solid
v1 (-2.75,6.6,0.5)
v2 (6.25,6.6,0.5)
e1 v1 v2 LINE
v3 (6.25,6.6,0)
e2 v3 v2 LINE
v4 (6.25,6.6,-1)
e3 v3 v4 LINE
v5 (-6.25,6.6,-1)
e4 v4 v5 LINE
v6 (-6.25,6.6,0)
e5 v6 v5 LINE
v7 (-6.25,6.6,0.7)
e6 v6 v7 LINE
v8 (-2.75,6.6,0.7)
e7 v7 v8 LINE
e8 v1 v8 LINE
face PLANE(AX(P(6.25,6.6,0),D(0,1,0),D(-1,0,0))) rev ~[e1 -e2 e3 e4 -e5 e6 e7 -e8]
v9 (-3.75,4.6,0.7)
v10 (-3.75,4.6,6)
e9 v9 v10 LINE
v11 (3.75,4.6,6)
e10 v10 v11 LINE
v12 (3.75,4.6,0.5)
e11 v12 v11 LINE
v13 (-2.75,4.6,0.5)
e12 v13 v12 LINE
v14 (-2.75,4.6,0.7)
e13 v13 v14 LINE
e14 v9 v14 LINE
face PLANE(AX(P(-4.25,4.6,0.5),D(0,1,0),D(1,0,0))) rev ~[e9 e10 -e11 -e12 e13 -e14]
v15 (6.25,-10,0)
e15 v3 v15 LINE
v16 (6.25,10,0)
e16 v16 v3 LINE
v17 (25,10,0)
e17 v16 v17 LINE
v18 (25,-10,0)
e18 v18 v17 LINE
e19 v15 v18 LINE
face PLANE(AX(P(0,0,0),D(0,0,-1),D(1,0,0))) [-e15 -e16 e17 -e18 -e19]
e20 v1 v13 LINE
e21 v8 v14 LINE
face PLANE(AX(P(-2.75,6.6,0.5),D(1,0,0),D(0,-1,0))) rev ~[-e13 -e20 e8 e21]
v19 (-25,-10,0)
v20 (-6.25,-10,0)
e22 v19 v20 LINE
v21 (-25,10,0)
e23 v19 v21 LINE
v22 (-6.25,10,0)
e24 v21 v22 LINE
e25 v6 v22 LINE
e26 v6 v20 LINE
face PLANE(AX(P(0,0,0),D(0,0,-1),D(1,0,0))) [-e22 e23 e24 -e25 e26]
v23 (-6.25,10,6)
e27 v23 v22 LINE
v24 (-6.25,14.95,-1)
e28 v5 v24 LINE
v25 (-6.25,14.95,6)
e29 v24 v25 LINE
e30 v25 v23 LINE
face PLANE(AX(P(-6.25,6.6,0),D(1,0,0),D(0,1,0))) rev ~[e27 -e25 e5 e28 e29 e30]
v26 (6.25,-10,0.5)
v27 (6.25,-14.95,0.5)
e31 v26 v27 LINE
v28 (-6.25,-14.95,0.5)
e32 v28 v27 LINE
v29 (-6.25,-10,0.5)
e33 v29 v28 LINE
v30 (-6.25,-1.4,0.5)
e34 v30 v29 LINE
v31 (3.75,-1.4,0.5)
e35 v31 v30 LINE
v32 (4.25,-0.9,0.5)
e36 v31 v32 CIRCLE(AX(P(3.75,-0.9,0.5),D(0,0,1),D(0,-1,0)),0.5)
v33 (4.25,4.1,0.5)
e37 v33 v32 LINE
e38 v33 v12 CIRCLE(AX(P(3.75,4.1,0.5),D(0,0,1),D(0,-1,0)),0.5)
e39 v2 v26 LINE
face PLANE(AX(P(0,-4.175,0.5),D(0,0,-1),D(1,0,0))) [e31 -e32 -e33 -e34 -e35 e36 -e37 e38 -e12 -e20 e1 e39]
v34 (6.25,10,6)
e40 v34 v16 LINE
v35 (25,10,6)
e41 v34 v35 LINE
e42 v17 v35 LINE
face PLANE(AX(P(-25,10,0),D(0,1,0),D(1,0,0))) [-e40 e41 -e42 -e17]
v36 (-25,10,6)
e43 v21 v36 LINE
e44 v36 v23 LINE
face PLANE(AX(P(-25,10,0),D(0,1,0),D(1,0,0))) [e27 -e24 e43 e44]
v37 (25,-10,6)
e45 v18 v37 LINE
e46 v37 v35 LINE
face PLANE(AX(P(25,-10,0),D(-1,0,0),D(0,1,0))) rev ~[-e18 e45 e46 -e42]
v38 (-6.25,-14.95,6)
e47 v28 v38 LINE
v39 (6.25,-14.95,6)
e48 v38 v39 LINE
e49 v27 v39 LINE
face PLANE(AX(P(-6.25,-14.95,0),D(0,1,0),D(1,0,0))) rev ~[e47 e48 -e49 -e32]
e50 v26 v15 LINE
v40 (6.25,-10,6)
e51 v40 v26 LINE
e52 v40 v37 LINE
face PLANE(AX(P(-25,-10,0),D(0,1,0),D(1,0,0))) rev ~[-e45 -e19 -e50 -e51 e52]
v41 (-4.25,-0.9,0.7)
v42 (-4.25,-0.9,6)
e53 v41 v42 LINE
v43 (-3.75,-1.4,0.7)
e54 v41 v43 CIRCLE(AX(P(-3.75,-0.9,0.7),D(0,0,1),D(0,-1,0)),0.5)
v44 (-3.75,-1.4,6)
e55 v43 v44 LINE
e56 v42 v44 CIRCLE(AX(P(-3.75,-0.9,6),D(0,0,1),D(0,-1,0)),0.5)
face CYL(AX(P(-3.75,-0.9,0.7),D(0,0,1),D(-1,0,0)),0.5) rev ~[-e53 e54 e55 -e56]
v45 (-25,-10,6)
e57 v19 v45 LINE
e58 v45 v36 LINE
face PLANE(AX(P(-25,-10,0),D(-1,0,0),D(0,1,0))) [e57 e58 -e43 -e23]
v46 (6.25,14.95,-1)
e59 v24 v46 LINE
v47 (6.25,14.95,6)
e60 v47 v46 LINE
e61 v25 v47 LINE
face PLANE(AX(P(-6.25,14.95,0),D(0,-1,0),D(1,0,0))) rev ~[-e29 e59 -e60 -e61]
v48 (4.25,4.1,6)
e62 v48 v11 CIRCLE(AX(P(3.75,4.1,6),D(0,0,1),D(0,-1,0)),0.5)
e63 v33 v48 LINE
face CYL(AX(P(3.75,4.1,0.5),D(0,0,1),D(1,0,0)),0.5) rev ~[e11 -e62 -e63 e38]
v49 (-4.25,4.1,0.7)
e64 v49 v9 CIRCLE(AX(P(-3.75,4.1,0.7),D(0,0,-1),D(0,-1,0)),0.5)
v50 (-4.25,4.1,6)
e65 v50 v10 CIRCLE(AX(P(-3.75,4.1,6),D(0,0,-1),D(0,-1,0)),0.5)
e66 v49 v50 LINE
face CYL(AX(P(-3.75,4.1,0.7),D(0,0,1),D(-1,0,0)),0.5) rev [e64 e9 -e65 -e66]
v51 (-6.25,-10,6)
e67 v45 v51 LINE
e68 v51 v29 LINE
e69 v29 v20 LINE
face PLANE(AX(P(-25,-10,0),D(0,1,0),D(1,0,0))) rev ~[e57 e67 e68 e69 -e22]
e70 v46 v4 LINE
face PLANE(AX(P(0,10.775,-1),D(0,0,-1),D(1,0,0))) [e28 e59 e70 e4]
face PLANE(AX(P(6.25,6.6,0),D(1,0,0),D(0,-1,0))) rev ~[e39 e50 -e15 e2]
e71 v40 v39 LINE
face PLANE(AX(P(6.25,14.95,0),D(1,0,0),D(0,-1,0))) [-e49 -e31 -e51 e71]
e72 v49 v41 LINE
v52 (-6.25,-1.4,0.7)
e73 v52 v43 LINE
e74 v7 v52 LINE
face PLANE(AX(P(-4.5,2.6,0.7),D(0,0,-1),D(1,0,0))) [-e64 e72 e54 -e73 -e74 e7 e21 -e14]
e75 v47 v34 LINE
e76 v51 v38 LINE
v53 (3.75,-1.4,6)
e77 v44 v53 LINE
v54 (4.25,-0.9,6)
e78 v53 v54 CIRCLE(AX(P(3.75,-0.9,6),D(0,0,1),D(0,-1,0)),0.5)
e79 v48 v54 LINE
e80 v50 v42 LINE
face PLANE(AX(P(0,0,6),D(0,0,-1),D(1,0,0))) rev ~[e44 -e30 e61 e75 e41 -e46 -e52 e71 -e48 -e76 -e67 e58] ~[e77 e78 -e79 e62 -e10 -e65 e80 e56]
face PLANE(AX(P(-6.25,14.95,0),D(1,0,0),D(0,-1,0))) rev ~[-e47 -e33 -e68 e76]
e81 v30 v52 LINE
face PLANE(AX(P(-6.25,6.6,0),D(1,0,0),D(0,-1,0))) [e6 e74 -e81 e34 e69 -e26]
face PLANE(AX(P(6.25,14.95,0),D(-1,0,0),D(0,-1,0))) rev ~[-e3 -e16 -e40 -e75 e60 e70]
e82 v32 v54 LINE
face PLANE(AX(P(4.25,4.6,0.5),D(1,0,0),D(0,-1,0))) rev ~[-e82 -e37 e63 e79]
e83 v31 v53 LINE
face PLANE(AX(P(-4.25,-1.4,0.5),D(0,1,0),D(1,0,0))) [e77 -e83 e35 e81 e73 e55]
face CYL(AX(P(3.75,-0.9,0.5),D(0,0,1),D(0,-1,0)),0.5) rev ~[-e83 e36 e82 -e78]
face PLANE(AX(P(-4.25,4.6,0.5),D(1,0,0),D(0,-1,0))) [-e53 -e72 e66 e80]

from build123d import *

# Parameters (mm, degrees)
F0_W      = 50
F0_H      = 20
F1_DEPTH  = 6
F2_W      = 12.5
F2_H      = 29.9
F3_DEPTH  = 6
F5_W      = 12.5
F5_H      = 21.55
F6_DEPTH  = 0.5
F8_W      = 3.5
F8_H      = 8
F9_DEPTH  = 0.2
F11_DEPTH = 1
F12_W     = 8.5
F12_H     = 6
F13_DEPTH = 25
F14_R     = 0.5


with BuildPart() as f1:
    # F0 (on Top) → F1 (new body)
    with BuildSketch(Plane.XY):
        Rectangle(F0_W, F0_H)
    extrude(amount=F1_DEPTH)

    # F2 (on face) → F3 (join)
    with BuildSketch(Plane(origin=(0, 0, 0), x_dir=(1, 0, 0), z_dir=(0, 0, -1))):
        Rectangle(F2_W, F2_H)
    extrude(amount=-F3_DEPTH)

    # F5 (on face) → F6 (cut)
    with BuildSketch(Plane(origin=(0, 0, 0), x_dir=(1, 0, 0), z_dir=(0, 0, -1))):
        with Locations((0, 4.175)):
            Rectangle(F5_W, F5_H)
    extrude(amount=-F6_DEPTH, mode=Mode.SUBTRACT)

    # F8 (on face) → F9 (cut)
    with BuildSketch(Plane(origin=(0, 0, 0.5), x_dir=(1, 0, 0), z_dir=(0, 0, -1))):
        with Locations((-4.5, -2.6)):
            Rectangle(F8_W, F8_H)
    extrude(amount=-F9_DEPTH, mode=Mode.SUBTRACT)

    # F10 (on face) → F11 (join)
    with BuildSketch(Plane(origin=(0, 0, 0), x_dir=(1, 0, 0), z_dir=(0, 0, -1))):
        Polygon((-6.25, -10), (-6.25, -14.95), (6.25, -14.95), (6.25, -6.6), (-6.25, -6.6), align=None)
    extrude(amount=F11_DEPTH)

    # F12 (on face) → F13 (cut)
    with BuildSketch(Plane(origin=(0, 0, 0.5), x_dir=(1, 0, 0), z_dir=(0, 0, -1))):
        with Locations((0, -1.6)):
            Rectangle(F12_W, F12_H)
    extrude(amount=-F13_DEPTH, mode=Mode.SUBTRACT)

    # F14
    f14_edges = [f1.edges().sort_by_distance(p)[0] for p in [
        (4.25, -1.4, 3.25),
        (4.25, 4.6, 3.25),
        (-4.25, 4.6, 3.35),
        (-4.25, -1.4, 3.35),
    ]]
    fillet(f14_edges, radius=F14_R)


solid = f1.part
